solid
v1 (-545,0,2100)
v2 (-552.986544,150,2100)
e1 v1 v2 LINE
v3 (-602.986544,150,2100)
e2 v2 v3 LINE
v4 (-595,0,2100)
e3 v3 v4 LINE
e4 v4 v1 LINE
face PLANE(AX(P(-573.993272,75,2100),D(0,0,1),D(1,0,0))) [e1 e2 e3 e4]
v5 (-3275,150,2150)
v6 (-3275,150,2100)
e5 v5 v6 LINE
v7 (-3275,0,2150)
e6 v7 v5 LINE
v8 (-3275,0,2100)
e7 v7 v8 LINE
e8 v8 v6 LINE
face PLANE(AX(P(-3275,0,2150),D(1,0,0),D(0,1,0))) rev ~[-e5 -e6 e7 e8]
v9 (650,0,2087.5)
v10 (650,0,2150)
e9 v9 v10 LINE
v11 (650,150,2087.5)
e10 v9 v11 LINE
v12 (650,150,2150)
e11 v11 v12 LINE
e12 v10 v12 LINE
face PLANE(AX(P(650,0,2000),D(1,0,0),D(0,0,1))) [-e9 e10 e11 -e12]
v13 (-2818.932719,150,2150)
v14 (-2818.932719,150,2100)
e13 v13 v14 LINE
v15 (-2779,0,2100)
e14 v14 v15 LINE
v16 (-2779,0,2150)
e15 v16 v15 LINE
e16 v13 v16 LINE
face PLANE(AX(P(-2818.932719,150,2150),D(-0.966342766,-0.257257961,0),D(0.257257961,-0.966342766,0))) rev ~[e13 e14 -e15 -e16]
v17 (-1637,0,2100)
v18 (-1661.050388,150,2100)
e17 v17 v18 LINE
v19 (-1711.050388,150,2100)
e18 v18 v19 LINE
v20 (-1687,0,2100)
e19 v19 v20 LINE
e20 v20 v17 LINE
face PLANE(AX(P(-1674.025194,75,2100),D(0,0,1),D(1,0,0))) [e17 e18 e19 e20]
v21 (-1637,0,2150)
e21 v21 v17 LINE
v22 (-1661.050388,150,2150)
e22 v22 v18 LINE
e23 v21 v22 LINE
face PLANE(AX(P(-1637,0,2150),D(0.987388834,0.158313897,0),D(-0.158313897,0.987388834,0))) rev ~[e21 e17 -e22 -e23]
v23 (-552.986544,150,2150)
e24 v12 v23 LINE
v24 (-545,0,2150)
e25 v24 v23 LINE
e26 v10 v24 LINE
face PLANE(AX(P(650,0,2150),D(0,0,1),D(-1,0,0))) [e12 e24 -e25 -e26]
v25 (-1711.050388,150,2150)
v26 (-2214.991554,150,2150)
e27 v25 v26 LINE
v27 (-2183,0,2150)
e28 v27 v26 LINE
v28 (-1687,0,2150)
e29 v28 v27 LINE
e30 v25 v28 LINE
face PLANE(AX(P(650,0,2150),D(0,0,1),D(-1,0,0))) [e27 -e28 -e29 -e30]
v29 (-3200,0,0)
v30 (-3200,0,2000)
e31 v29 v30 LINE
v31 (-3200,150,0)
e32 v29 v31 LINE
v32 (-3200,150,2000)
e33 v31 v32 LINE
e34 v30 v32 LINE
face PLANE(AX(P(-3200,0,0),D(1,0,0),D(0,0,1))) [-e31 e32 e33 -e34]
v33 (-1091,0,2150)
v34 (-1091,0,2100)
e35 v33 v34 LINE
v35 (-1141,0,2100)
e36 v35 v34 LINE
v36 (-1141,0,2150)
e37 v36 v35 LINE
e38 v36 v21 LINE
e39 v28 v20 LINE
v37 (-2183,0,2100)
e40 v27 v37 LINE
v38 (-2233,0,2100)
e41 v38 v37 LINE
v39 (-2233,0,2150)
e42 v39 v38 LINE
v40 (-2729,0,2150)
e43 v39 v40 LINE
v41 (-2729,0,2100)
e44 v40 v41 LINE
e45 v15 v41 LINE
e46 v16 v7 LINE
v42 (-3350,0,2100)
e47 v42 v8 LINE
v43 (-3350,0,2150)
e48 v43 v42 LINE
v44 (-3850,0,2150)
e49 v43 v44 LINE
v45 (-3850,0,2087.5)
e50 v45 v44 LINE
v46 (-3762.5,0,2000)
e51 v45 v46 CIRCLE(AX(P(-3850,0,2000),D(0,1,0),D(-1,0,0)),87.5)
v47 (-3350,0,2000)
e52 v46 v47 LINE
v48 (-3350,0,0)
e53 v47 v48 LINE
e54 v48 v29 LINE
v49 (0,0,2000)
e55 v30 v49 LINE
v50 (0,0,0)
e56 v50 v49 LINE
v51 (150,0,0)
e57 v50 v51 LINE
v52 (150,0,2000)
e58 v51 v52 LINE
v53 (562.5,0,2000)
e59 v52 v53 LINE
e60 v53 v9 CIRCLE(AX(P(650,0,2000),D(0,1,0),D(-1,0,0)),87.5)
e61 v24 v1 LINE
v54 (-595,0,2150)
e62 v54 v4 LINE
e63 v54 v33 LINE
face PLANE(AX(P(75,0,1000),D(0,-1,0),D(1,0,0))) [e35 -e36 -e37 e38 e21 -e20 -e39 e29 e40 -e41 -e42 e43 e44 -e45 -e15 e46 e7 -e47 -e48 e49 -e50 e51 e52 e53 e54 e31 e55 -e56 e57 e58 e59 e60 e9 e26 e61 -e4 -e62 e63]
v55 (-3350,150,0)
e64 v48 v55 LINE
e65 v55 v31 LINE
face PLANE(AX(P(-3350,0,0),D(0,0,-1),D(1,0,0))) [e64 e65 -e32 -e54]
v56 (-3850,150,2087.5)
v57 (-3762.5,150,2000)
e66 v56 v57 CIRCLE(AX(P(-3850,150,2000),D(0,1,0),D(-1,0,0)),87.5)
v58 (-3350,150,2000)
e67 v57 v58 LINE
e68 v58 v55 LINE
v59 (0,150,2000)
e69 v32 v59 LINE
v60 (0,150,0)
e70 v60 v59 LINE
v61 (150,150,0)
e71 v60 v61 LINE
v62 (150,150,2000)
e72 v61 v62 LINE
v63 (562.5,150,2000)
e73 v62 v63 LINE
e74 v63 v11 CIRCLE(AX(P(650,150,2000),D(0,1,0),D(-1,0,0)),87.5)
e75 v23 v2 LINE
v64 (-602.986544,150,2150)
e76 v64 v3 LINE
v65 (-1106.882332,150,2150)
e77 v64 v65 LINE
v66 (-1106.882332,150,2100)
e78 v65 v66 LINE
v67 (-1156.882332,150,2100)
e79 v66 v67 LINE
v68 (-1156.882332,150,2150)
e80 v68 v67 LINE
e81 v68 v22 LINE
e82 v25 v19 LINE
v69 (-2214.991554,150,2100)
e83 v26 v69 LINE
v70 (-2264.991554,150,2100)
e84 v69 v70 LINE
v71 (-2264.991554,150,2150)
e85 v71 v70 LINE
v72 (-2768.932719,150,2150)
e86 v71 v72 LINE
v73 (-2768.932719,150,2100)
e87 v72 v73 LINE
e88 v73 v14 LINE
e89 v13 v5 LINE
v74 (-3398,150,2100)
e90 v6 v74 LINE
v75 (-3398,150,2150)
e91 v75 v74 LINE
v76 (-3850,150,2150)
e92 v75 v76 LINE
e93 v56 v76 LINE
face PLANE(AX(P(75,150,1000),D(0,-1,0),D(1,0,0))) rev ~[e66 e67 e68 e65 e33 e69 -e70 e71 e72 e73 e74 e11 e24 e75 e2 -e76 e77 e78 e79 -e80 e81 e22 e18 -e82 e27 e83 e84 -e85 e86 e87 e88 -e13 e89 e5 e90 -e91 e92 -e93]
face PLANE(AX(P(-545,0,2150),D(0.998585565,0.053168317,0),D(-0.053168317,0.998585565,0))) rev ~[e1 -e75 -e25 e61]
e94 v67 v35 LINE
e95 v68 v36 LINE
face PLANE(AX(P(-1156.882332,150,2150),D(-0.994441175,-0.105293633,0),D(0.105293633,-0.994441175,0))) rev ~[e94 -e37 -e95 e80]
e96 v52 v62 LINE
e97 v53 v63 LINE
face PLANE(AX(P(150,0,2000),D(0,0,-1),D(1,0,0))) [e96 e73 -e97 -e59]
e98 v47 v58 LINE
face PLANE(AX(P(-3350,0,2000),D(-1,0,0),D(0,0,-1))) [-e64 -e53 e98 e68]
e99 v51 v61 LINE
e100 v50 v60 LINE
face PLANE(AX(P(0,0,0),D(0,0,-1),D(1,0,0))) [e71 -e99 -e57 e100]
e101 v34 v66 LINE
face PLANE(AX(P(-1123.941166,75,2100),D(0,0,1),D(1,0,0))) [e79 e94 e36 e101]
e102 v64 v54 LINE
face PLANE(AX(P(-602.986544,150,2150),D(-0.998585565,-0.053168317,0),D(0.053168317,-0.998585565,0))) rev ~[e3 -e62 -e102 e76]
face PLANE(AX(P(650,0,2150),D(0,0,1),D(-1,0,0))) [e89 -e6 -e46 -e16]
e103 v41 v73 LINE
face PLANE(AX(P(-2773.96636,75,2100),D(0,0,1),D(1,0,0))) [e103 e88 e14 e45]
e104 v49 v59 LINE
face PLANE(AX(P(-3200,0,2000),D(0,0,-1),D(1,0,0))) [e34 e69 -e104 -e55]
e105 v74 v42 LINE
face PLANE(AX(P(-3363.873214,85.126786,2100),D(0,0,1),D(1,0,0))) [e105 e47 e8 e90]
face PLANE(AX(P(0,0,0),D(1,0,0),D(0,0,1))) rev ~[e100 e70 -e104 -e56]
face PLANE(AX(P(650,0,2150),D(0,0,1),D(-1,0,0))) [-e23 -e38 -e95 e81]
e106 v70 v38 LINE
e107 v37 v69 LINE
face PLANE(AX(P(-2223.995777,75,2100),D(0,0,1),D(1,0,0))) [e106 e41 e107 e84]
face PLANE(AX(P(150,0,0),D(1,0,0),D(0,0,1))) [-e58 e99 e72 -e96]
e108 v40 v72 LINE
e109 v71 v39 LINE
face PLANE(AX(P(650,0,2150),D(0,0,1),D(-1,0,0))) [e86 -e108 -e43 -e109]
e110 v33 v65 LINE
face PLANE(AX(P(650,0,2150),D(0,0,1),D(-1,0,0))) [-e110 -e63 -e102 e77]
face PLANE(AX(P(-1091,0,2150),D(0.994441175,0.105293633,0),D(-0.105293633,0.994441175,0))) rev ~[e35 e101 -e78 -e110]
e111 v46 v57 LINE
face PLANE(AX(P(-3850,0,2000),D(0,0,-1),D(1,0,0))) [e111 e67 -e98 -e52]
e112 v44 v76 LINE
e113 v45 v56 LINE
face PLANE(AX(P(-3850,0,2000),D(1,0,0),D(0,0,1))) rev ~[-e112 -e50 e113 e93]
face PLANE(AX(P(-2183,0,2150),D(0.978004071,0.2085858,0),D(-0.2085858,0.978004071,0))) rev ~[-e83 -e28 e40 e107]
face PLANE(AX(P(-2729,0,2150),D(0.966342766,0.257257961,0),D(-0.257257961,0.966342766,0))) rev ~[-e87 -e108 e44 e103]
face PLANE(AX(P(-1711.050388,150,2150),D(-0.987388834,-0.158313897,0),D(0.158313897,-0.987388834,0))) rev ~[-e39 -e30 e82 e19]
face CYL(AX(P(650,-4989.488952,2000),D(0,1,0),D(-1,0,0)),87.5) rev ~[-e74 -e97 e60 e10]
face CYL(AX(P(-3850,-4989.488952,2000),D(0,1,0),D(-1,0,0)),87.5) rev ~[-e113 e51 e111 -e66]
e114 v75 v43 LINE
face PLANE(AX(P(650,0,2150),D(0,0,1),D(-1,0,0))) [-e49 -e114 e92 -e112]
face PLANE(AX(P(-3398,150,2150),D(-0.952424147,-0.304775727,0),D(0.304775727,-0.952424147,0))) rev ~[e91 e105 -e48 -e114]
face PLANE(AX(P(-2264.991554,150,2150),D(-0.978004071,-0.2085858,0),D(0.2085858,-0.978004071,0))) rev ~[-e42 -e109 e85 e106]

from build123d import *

# Parameters (mm, degrees)
F0_W     = 150
F0_H     = 2000
F0_W_2   = 500
F0_H_2   = 150
F1_DEPTH = 150
F2_D     = 175
F3_D     = 175
F4_W     = 75
F4_H     = 150
F5_DEPTH = 50
F6_DEPTH = 50
F7_DEPTH = 50


with BuildPart() as f1:
    # F0 (on Front) → F1 (new body)
    with BuildSketch(Plane.XZ):
        with Locations((75, 1000)):
            Rectangle(F0_W, F0_H)
        Polygon((-3200, 2000), (0, 2000), (150, 2000), (150, 2150), (-3350, 2150), (-3350, 2000), align=None)
        with Locations((400, 2075)):
            Rectangle(F0_W_2, F0_H_2)
        with Locations((-3275, 1000)):
            Rectangle(F0_W, F0_H)
        with Locations((-3600, 2075)):
            Rectangle(F0_W_2, F0_H_2)
    extrude(amount=-F1_DEPTH)

    # F2 (through all)
    with Locations(Plane.XZ):
        with Locations((-3850, 2000)):
            Hole(F2_D / 2)

    # F3 (through all)
    with Locations(Plane.XZ):
        with Locations((650, 2000)):
            Hole(F3_D / 2)

    # F4 (on face) → F5 (cut)
    with BuildSketch(Plane.XY.offset(2150)):
        Polygon((-3398, 150), (-3350, 0), (-3350, 150), align=None)
        with Locations((-3312.5, 75)):
            Rectangle(F4_W, F4_H)
    extrude(amount=-F5_DEPTH, mode=Mode.SUBTRACT)

    # F4 (on face) → F6 (cut)
    with BuildSketch(Plane.XY.offset(2150)):
        Polygon((-2818.932719, 150), (-2779, 0), (-2729, 0), (-2768.932719, 150), align=None)
    extrude(amount=-F6_DEPTH, mode=Mode.SUBTRACT)

    # F4 (on face) → F7 (cut)
    with BuildSketch(Plane.XY.offset(2150)):
        Polygon((-602.986544, 150), (-595, 0), (-545, 0), (-552.986544, 150), align=None)
        Polygon((-1156.882332, 150), (-1141, 0), (-1091, 0), (-1106.882332, 150), align=None)
        Polygon((-1711.050388, 150), (-1687, 0), (-1637, 0), (-1661.050388, 150), align=None)
        Polygon((-2264.991554, 150), (-2233, 0), (-2183, 0), (-2214.991554, 150), align=None)
    extrude(amount=-F7_DEPTH, mode=Mode.SUBTRACT)


solid = f1.part
